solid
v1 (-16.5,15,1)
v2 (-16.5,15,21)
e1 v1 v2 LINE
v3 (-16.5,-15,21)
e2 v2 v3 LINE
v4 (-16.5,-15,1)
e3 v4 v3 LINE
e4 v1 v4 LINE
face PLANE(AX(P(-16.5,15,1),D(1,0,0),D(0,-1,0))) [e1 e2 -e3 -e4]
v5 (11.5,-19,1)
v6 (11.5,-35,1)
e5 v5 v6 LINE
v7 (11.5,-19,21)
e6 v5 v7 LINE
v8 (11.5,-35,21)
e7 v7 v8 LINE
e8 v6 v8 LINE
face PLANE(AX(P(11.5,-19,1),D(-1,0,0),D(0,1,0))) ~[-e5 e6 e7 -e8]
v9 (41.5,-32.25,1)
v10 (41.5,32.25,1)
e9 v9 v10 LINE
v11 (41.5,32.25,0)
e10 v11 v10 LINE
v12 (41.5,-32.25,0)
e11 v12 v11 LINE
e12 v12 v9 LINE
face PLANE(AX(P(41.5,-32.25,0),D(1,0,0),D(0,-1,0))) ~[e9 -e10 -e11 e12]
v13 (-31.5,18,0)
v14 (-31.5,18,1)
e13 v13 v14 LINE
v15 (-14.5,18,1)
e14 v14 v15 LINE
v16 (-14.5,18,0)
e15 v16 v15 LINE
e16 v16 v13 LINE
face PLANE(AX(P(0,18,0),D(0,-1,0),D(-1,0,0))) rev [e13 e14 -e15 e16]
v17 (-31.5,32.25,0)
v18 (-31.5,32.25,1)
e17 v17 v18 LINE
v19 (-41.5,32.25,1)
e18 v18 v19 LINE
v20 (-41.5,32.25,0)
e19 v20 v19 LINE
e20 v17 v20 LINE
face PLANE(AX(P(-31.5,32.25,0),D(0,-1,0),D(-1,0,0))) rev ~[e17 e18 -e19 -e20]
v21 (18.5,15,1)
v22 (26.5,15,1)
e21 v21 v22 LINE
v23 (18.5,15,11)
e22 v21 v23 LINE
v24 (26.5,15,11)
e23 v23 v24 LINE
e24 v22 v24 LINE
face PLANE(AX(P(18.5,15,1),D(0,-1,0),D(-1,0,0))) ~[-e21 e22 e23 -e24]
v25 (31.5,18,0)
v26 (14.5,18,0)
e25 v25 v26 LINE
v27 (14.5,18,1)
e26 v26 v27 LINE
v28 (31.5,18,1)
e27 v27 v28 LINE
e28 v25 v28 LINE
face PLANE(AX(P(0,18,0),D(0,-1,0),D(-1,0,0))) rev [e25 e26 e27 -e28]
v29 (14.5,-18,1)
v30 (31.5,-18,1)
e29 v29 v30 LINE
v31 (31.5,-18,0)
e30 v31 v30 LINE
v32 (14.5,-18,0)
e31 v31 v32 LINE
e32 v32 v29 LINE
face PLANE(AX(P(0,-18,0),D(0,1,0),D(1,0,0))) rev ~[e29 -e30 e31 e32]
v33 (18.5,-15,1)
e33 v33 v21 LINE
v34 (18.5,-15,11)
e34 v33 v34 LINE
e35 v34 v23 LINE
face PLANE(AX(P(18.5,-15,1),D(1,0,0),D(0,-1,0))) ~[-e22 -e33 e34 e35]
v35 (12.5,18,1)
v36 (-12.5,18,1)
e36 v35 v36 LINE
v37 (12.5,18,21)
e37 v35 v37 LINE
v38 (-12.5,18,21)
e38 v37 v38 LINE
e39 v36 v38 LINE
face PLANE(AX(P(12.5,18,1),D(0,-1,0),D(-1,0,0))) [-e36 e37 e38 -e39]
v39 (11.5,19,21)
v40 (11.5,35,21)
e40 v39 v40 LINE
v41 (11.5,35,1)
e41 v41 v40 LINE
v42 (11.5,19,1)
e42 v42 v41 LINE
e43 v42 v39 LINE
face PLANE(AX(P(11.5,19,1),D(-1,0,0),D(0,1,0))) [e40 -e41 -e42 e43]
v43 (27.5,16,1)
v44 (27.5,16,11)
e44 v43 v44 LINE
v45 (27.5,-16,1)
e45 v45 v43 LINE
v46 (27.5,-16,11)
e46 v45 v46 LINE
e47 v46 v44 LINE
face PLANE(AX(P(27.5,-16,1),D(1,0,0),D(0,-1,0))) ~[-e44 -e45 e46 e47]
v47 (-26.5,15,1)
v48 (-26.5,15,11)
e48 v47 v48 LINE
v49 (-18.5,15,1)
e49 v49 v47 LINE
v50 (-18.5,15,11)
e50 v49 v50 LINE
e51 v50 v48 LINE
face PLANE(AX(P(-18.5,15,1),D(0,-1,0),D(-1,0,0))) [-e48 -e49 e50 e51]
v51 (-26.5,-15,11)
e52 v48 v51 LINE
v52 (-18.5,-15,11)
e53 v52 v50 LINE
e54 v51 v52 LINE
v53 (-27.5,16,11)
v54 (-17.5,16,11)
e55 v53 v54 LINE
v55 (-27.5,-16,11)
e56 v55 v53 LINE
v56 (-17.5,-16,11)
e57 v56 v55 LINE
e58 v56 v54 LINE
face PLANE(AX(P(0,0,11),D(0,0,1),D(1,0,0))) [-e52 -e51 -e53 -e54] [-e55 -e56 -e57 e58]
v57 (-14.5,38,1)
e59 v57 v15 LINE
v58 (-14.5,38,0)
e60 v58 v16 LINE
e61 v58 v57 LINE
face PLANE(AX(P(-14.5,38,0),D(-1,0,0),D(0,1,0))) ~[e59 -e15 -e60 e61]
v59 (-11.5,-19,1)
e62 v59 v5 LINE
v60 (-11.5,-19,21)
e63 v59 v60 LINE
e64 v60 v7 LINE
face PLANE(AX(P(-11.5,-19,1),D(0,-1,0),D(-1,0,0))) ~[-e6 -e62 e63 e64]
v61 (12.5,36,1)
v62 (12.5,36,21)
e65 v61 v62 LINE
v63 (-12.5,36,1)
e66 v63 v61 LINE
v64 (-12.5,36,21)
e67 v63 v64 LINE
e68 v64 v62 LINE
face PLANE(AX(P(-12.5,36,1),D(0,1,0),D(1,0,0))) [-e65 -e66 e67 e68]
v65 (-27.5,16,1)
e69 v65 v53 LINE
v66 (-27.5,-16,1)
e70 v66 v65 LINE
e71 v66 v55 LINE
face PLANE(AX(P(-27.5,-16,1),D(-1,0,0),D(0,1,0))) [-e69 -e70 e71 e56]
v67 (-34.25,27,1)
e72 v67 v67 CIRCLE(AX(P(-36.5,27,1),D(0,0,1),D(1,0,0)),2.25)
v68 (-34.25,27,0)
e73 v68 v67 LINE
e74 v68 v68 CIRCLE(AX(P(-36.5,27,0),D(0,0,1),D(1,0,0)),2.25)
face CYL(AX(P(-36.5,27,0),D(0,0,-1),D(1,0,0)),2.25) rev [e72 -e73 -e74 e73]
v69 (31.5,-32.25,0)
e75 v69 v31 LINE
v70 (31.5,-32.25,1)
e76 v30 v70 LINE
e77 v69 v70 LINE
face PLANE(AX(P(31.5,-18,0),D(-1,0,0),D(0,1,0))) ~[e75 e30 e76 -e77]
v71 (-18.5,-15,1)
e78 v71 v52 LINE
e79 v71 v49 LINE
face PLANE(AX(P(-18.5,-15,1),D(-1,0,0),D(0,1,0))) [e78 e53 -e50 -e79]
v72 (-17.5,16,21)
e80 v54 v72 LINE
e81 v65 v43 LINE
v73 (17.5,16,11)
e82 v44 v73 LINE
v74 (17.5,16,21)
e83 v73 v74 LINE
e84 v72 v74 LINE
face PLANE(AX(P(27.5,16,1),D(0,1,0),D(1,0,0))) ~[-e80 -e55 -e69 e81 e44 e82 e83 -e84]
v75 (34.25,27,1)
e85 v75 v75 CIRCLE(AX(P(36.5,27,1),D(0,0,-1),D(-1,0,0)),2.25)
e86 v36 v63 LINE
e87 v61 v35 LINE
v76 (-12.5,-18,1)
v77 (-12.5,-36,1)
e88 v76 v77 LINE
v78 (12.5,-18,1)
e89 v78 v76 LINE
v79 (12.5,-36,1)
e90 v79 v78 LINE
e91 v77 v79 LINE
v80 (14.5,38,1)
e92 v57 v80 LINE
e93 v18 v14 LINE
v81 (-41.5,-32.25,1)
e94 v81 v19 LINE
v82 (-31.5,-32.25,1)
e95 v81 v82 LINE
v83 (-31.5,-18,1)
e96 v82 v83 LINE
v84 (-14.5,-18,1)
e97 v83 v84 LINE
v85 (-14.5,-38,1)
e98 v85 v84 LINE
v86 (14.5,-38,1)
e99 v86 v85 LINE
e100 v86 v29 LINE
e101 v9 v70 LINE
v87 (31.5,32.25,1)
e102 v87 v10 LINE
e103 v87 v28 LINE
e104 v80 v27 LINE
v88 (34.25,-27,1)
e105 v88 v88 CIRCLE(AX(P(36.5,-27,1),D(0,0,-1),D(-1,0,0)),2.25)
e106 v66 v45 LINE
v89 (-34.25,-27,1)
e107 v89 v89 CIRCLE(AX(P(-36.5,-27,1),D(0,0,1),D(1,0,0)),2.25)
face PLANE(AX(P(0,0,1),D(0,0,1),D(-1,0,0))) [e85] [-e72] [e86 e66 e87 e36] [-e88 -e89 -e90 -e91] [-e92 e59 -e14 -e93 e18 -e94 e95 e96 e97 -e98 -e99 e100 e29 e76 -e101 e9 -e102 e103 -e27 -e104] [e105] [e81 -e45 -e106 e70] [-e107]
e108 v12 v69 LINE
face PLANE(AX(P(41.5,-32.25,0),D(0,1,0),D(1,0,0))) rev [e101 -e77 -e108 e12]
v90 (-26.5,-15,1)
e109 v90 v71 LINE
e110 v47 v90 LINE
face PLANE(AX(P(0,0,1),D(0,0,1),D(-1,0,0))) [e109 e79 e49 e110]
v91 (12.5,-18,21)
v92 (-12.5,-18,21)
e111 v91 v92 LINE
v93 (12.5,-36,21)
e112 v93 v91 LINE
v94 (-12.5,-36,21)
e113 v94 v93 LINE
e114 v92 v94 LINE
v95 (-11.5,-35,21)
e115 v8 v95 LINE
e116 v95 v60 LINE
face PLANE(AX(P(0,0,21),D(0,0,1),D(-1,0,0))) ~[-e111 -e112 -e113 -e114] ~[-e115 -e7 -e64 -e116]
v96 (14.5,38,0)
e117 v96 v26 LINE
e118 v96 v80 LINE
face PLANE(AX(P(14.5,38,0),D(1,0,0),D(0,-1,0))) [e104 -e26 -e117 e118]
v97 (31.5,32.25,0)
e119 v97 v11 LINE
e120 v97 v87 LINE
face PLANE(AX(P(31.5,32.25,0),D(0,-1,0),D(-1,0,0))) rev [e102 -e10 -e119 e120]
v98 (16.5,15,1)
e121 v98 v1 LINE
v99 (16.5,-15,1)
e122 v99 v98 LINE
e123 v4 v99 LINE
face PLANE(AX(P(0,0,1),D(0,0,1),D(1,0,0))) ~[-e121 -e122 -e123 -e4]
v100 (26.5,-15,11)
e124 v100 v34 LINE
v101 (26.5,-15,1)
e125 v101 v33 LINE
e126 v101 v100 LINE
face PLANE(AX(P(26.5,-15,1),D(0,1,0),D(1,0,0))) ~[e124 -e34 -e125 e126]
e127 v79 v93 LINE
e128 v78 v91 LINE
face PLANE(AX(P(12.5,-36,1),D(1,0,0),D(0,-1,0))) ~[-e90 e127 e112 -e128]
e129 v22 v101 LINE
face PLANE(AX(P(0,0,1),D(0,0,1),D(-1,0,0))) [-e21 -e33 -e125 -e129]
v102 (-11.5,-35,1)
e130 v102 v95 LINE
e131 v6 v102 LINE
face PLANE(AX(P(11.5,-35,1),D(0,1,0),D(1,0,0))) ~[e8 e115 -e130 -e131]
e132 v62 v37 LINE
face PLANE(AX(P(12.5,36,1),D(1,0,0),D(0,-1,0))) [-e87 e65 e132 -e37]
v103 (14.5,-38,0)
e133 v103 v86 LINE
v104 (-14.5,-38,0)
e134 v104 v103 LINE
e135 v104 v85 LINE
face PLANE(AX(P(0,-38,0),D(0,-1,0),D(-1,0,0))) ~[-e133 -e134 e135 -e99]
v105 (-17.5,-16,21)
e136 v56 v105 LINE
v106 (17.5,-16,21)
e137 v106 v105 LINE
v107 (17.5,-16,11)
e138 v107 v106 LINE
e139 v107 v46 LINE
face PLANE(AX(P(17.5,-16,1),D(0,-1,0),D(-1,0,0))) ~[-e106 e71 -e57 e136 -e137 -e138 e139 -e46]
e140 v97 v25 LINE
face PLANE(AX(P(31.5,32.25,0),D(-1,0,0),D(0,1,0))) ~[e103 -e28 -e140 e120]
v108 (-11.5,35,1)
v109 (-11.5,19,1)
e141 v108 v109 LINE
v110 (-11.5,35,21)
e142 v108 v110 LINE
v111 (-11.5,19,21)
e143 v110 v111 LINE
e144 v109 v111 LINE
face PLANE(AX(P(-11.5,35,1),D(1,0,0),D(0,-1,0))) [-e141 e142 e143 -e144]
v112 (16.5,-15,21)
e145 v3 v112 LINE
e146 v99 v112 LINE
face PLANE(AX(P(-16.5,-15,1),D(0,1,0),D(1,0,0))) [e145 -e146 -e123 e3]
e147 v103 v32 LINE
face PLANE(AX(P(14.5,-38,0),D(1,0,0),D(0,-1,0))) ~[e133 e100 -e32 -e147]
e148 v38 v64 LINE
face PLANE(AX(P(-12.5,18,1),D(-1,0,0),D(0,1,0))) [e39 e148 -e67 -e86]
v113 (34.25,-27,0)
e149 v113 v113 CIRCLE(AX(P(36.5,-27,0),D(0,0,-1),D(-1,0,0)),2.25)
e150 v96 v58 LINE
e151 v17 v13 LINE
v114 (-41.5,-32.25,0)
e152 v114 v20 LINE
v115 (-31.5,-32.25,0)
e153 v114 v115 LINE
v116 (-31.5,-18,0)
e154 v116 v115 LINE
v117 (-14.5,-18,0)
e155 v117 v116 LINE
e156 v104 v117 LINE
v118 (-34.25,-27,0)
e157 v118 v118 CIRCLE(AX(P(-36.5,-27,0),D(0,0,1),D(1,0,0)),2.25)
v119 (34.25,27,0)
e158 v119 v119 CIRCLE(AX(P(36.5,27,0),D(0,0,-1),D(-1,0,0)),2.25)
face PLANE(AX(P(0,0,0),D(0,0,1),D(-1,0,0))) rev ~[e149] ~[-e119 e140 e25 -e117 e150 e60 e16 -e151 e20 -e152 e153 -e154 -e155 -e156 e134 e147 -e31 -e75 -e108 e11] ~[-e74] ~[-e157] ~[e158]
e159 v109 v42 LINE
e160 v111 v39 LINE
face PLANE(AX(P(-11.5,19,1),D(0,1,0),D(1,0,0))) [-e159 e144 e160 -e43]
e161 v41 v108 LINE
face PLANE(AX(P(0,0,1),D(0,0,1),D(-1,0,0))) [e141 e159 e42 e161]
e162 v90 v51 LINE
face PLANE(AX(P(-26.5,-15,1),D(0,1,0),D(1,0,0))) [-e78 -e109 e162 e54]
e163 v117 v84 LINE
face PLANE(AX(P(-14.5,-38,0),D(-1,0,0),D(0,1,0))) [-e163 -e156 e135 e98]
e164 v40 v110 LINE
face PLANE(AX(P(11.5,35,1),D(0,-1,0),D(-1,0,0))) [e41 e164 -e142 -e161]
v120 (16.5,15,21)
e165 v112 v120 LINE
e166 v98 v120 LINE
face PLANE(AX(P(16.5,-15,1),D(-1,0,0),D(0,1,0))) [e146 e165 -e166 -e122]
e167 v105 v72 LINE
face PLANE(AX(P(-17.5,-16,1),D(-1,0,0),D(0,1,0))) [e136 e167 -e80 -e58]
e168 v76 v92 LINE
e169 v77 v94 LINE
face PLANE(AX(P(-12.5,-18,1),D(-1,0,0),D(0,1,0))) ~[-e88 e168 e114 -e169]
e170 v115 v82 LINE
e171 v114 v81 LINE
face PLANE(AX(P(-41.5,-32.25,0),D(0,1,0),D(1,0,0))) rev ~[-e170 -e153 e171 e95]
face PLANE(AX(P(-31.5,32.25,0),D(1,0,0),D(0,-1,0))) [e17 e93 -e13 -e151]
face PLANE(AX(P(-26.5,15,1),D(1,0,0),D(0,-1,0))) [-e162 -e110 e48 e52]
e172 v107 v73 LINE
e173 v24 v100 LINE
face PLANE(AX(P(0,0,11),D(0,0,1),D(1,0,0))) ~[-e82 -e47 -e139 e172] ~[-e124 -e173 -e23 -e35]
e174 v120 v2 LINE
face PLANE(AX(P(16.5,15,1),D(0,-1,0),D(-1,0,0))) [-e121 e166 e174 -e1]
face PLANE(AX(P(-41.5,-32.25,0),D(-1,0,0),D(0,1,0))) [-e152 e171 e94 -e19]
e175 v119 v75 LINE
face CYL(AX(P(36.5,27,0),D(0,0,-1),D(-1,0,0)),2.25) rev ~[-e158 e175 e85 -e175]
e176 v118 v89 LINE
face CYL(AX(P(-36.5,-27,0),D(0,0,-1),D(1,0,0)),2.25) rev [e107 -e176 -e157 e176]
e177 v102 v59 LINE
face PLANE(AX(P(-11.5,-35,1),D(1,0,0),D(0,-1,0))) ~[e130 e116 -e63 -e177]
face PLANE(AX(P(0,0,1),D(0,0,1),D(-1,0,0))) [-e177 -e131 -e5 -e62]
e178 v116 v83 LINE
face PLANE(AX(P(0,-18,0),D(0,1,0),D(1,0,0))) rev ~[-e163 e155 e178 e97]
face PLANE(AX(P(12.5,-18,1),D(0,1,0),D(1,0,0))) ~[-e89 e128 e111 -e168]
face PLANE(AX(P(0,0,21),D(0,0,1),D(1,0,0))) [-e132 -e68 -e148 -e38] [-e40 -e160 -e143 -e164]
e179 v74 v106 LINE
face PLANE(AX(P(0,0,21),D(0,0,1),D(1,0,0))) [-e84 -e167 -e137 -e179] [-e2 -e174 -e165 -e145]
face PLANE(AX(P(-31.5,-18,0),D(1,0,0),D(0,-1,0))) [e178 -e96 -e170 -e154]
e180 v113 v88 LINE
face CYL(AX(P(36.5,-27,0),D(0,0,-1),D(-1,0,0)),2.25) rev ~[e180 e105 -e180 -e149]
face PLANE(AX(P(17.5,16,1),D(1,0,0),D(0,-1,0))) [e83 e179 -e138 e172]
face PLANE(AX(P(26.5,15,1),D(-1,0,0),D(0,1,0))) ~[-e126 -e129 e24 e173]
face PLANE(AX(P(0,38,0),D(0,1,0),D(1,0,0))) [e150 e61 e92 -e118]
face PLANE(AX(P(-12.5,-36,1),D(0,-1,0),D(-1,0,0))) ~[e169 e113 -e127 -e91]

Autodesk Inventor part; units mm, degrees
ref_plane "YZ Plane" through (0, 0, 0) normal (1, 0, 0) x (0, 1, 0)
ref_plane "XZ Plane" through (0, 0, 0) normal (0, 1, 0) x (-1, 0, 0)
ref_plane "XY Plane" through (0, 0, 0) normal (0, 0, 1) x (1, 0, 0)
sketch "Sketch1" plane through (0, 0, 0) normal (0, 0, 1) x (1, 0, 0)
  line L0 (-41.5, 50) -> (41.5, 50)
  line L1 (41.5, 50) -> (41.5, -50)
  line L2 (41.5, -50) -> (-41.5, -50)
  line L3 (-41.5, -50) -> (-41.5, 50)
  line L4 (31.5, 40) -> (-31.5, 40)
  line L5 (-31.5, 40) -> (-31.5, -40)
  line L6 (-31.5, -40) -> (31.5, -40)
  line L7 (31.5, -40) -> (31.5, 40)
  line L8 (-41.5, -45) -> (41.5, -45) construction
  line L9 (0, 71.7466) -> (0, -78.0681) construction
  line L10 (-60.2597, 0) -> (74.2823, 0) construction
  line L11 (-36.5, 50) -> (-36.5, -50) construction
  circle A0 centre (-36.5, -27) radius 2.25
  line L12 (-41.5, 45) -> (41.5, 45) construction
  circle A1 centre (-36.5, 45) radius 2.25
  circle A2 centre (-36.5, -45) radius 2.25
  circle A3 centre (-36.5, 27) radius 2.25
  circle A4 centre (-25, -45) radius 2.25
  circle A5 centre (25, -45) radius 2.25
  line L13 (30, 50) -> (30, -50) construction
  line L14 (-30, 50) -> (-30, -50) construction
  line L15 (-31, -38) -> (31, -38)
  line L16 (31, -38) -> (31, -52)
  line L17 (31, -52) -> (-31, -52)
  line L18 (-31, -52) -> (-31, -38)
  line L19 (-31.5, -40) -> (-16.5, -40)
  line L20 (-16.5, -40) -> (-16.5, -20)
  line L21 (-16.5, -20) -> (-31.5, -20)
  line L22 (-31.5, -20) -> (-31.5, -40)
  line L23 (-26.5, -26) -> (-21.5, -26) construction
  line L24 (-26.5, -27.5) -> (-21.5, -27.5)
  line L25 (-21.5, -24.5) -> (-26.5, -24.5)
  arc A6 (-26.5, -24.5) -> (-26.5, -27.5) centre (-26.5, -26) ccw
  arc A7 (-21.5, -27.5) -> (-21.5, -24.5) centre (-21.5, -26) ccw
  line L26 (-26.5, -34) -> (-21.5, -34) construction
  line L27 (-26.5, -35.5) -> (-21.5, -35.5)
  line L28 (-21.5, -32.5) -> (-26.5, -32.5)
  arc A8 (-26.5, -32.5) -> (-26.5, -35.5) centre (-26.5, -34) ccw
  arc A9 (-21.5, -35.5) -> (-21.5, -32.5) centre (-21.5, -34) ccw
  point P0 (0, 0)
  point P1 (0, 50)
  point P2 (41.5, 0)
  point P3 (0, 45)
  point P4 (-24, -26)
  point P5 (-24, -20)
  point P6 (-16.5, -30)
  point P7 (-24, -34)
  dimension "d0" = 83
  dimension "d1" = 100
  dimension "d5" = 5
  dimension "d6" = 5
  dimension "d9" = 5
  dimension "d12" = 4.5
  dimension "d17" = 5
  dimension "d41" = 4.5
  dimension "d42" = 4.5
  dimension "d87" = 4.5
  dimension "d89" = 4.5
  dimension "d90" = 4.5
  dimension "d91" = 30
  dimension "d92" = 30
  dimension "d93" = 5
  dimension "d94" = 5
  dimension "d97" = 1
  dimension "d98" = 2
  dimension "d99" = 2
  dimension "d100" = 1
  dimension "d103" = 15
  dimension "d104" = 20
  dimension "d105" = 5
  dimension "d106" = 3
  dimension "d109" = 5
  dimension "d110" = 3
  dimension "d112" = 6
  dimension "d113" = 6
  dimension "d141" = 27
  dimension "d142" = 27
sketch "Sketch4" plane through (0, 0, 0) normal (0, 0, 1) x (1, 0, 0)
  circle A0 centre (-36.5, 27) radius 2.25 projected
  circle A1 centre (-36.5, -27) radius 2.25 projected
  line L0 (-31.5, 40) -> (-31.5, -40) projected
  line L1 (-41.5, -50) -> (-41.5, 50) projected
  line L2 (-41.5, -32.25) -> (-31.5, -32.25)
  line L3 (-31.5, -32.25) -> (-31.5, 32.25)
  line L4 (-31.5, 32.25) -> (-41.5, 32.25)
  line L5 (-41.5, 32.25) -> (-41.5, -32.25)
  line L6 (31.5, -40) -> (31.5, 40) projected
  line L7 (41.5, 50) -> (41.5, -50) projected
  line L8 (-31.5, -18) -> (31.5, -18)
  line L9 (31.5, -18) -> (31.5, 0)
  line L10 (31.5, 0) -> (-31.5, 0)
  line L11 (-31.5, 0) -> (-31.5, -18)
  line L12 (-16.5, -20) -> (-31.5, -20) projected
  line L13 (-31.5, -40) -> (31.5, -40) projected
  line L14 (-16.5, -40) -> (-16.5, -20) projected
  line L15 (-14.5, -18) -> (0, -18)
  line L16 (0, -18) -> (0, -38)
  line L17 (0, -38) -> (-14.5, -38)
  line L18 (-14.5, -38) -> (-14.5, -18)
  point P0 (0, 0)
  point P1 (0, 0)
  dimension "d116" = 3
  dimension "d117" = 3
  dimension "d118" = 2
  dimension "d130" = 2
  dimension "d131" = 2
extrude "Extrusion11" add sketch "Sketch4" along normal blind 1 contours L0 L2 L1 L4
extrude "Extrusion12" add sketch "Sketch4" along normal blind 1 contours L10 L6 L8 L0
mirror "Mirror4" about plane through (0, 0, 0) normal (0, 1, 0) of "Extrusion12"
mirror "Mirror5" about plane through (0, 0, 0) normal (1, 0, 0) of "Extrusion11"
sketch "Sketch6" plane through (0, 0, 1) normal (0, 0, 1) x (1, 0, 0)
  line L0 (-17.5, 16) -> (17.5, 16)
  line L1 (17.5, 16) -> (17.5, -16)
  line L2 (17.5, -16) -> (-17.5, -16)
  line L3 (-17.5, -16) -> (-17.5, 16)
  line L4 (16.5, 15) -> (-16.5, 15)
  line L5 (-16.5, 15) -> (-16.5, -15)
  line L6 (-16.5, -15) -> (16.5, -15)
  line L7 (16.5, -15) -> (16.5, 15)
  circle A0 centre (36.5, 27) radius 2.25 projected
  circle A1 centre (36.5, -27) radius 2.25 projected
  circle A2 centre (-36.5, -27) radius 2.25 projected
  circle A3 centre (-36.5, 27) radius 2.25 projected
  line L8 (-41.5, -32.25) -> (-31.5, -32.25) projected
  line L9 (-31.5, -32.25) -> (-31.5, -18) projected
  line L10 (-31.5, -18) -> (31.5, -18) projected
  line L11 (31.5, -32.25) -> (31.5, -18) projected
  line L12 (41.5, -32.25) -> (31.5, -32.25) projected
  line L13 (41.5, 32.25) -> (41.5, -32.25) projected
  line L14 (31.5, 32.25) -> (41.5, 32.25) projected
  line L15 (31.5, 18) -> (31.5, 32.25) projected
  line L16 (-31.5, 18) -> (31.5, 18) projected
  line L17 (-31.5, 18) -> (-31.5, 32.25) projected
  line L18 (-31.5, 32.25) -> (-41.5, 32.25) projected
  line L19 (-41.5, 32.25) -> (-41.5, -32.25) projected
  line L20 (-27.5, 16) -> (-17.5, 16)
  line L21 (-17.5, 16) -> (-17.5, -16)
  line L22 (-17.5, -16) -> (-27.5, -16)
  line L23 (-27.5, -16) -> (-27.5, 16)
  line L24 (-18.5, 15) -> (-26.5, 15)
  line L25 (-26.5, 15) -> (-26.5, -15)
  line L26 (-26.5, -15) -> (-18.5, -15)
  line L27 (-18.5, -15) -> (-18.5, 15)
  point P0 (0, 0)
  point P1 (0, 16)
  dimension "d123" = 1
  dimension "d124" = 2
  dimension "d126" = 2
  dimension "d143" = 14
  dimension "d144" = 2
  dimension "d145" = 2
  dimension "d146" = 1
  dimension "d147" = 10
extrude "Extrusion13" add sketch "Sketch6" along normal blind 20 contours L0 L1 L2 L3
extrude "Extrusion14" add sketch "Sketch4" along normal blind 1 contours L8 L16 L17 L18
mirror "Mirror6" about plane through (0, 0, 0) normal (1, 0, 0) of "Extrusion14"
mirror "Mirror7" about plane through (0, 0, 0) normal (0, 1, 0) of "Extrusion14", "Mirror6"
sketch "Sketch7" plane through (0, 0, 1) normal (0, 0, 1) x (1, 0, 0)
  line L0 (-41.5, -32.25) -> (-31.5, -32.25) projected
  line L1 (-31.5, -32.25) -> (-31.5, -18) projected
  line L2 (-31.5, -18) -> (-14.5, -18) projected
  line L3 (-14.5, -18) -> (-14.5, -38) projected
  line L4 (-14.5, -38) -> (14.5, -38) projected
  line L5 (14.5, -18) -> (14.5, -38) projected
  line L6 (14.5, -18) -> (31.5, -18) projected
  line L7 (31.5, -32.25) -> (31.5, -18) projected
  line L8 (41.5, -32.25) -> (31.5, -32.25) projected
  line L9 (41.5, 32.25) -> (41.5, -32.25) projected
  line L10 (31.5, 32.25) -> (41.5, 32.25) projected
  line L11 (31.5, 18) -> (31.5, 32.25) projected
  line L12 (14.5, 18) -> (31.5, 18) projected
  line L13 (14.5, 18) -> (14.5, 38) projected
  line L14 (14.5, 38) -> (-14.5, 38) projected
  line L15 (-14.5, 18) -> (-14.5, 38) projected
  line L16 (-31.5, 18) -> (-14.5, 18) projected
  line L17 (-31.5, 18) -> (-31.5, 32.25) projected
  line L18 (-31.5, 32.25) -> (-41.5, 32.25) projected
  line L19 (-41.5, 32.25) -> (-41.5, -32.25) projected
  circle A0 centre (-36.5, 27) radius 2.25 projected
  circle A1 centre (-36.5, -27) radius 2.25 projected
  circle A2 centre (36.5, -27) radius 2.25 projected
  circle A3 centre (36.5, 27) radius 2.25 projected
  line L20 (17.5, 16) -> (17.5, -16) projected
  line L21 (17.5, -16) -> (-17.5, -16) projected
  line L22 (-17.5, -16) -> (-17.5, 16) projected
  line L23 (-17.5, 16) -> (17.5, 16) projected
  line L24 (-12.5, 36) -> (12.5, 36)
  line L25 (12.5, 36) -> (12.5, 18)
  line L26 (12.5, 18) -> (-12.5, 18)
  line L27 (-12.5, 18) -> (-12.5, 36)
  line L28 (11.5, 35) -> (-11.5, 35)
  line L29 (-11.5, 35) -> (-11.5, 19)
  line L30 (-11.5, 19) -> (11.5, 19)
  line L31 (11.5, 19) -> (11.5, 35)
  point P0 (0, 0)
  dimension "d134" = 1
  dimension "d135" = 2
  dimension "d136" = 2
  dimension "d137" = 2
  dimension "d138" = 2
extrude "Extrusion15" add sketch "Sketch7" along normal blind 20 contours L24 L25 L26 L27
mirror "Mirror8" about plane through (0, 0, 0) normal (0, 1, 0) of "Extrusion15"
extrude "Extrusion16" add sketch "Sketch6" along normal blind 10 contours L3 L22 L23 L20
mirror "Mirror9" about plane through (0, 0, 0) normal (1, 0, 0) of "Extrusion16"
equation "\"d12\" = screw"
equation "\"d41\" = screw"
equation "\"d42\" = screw"
equation "\"d87\" = screw"
equation "\"d89\" = screw"
equation "\"d90\" = screw"
equation "\"screw\" = 4.5"
properties part number "Side" material "PC/ABS Plastic"
